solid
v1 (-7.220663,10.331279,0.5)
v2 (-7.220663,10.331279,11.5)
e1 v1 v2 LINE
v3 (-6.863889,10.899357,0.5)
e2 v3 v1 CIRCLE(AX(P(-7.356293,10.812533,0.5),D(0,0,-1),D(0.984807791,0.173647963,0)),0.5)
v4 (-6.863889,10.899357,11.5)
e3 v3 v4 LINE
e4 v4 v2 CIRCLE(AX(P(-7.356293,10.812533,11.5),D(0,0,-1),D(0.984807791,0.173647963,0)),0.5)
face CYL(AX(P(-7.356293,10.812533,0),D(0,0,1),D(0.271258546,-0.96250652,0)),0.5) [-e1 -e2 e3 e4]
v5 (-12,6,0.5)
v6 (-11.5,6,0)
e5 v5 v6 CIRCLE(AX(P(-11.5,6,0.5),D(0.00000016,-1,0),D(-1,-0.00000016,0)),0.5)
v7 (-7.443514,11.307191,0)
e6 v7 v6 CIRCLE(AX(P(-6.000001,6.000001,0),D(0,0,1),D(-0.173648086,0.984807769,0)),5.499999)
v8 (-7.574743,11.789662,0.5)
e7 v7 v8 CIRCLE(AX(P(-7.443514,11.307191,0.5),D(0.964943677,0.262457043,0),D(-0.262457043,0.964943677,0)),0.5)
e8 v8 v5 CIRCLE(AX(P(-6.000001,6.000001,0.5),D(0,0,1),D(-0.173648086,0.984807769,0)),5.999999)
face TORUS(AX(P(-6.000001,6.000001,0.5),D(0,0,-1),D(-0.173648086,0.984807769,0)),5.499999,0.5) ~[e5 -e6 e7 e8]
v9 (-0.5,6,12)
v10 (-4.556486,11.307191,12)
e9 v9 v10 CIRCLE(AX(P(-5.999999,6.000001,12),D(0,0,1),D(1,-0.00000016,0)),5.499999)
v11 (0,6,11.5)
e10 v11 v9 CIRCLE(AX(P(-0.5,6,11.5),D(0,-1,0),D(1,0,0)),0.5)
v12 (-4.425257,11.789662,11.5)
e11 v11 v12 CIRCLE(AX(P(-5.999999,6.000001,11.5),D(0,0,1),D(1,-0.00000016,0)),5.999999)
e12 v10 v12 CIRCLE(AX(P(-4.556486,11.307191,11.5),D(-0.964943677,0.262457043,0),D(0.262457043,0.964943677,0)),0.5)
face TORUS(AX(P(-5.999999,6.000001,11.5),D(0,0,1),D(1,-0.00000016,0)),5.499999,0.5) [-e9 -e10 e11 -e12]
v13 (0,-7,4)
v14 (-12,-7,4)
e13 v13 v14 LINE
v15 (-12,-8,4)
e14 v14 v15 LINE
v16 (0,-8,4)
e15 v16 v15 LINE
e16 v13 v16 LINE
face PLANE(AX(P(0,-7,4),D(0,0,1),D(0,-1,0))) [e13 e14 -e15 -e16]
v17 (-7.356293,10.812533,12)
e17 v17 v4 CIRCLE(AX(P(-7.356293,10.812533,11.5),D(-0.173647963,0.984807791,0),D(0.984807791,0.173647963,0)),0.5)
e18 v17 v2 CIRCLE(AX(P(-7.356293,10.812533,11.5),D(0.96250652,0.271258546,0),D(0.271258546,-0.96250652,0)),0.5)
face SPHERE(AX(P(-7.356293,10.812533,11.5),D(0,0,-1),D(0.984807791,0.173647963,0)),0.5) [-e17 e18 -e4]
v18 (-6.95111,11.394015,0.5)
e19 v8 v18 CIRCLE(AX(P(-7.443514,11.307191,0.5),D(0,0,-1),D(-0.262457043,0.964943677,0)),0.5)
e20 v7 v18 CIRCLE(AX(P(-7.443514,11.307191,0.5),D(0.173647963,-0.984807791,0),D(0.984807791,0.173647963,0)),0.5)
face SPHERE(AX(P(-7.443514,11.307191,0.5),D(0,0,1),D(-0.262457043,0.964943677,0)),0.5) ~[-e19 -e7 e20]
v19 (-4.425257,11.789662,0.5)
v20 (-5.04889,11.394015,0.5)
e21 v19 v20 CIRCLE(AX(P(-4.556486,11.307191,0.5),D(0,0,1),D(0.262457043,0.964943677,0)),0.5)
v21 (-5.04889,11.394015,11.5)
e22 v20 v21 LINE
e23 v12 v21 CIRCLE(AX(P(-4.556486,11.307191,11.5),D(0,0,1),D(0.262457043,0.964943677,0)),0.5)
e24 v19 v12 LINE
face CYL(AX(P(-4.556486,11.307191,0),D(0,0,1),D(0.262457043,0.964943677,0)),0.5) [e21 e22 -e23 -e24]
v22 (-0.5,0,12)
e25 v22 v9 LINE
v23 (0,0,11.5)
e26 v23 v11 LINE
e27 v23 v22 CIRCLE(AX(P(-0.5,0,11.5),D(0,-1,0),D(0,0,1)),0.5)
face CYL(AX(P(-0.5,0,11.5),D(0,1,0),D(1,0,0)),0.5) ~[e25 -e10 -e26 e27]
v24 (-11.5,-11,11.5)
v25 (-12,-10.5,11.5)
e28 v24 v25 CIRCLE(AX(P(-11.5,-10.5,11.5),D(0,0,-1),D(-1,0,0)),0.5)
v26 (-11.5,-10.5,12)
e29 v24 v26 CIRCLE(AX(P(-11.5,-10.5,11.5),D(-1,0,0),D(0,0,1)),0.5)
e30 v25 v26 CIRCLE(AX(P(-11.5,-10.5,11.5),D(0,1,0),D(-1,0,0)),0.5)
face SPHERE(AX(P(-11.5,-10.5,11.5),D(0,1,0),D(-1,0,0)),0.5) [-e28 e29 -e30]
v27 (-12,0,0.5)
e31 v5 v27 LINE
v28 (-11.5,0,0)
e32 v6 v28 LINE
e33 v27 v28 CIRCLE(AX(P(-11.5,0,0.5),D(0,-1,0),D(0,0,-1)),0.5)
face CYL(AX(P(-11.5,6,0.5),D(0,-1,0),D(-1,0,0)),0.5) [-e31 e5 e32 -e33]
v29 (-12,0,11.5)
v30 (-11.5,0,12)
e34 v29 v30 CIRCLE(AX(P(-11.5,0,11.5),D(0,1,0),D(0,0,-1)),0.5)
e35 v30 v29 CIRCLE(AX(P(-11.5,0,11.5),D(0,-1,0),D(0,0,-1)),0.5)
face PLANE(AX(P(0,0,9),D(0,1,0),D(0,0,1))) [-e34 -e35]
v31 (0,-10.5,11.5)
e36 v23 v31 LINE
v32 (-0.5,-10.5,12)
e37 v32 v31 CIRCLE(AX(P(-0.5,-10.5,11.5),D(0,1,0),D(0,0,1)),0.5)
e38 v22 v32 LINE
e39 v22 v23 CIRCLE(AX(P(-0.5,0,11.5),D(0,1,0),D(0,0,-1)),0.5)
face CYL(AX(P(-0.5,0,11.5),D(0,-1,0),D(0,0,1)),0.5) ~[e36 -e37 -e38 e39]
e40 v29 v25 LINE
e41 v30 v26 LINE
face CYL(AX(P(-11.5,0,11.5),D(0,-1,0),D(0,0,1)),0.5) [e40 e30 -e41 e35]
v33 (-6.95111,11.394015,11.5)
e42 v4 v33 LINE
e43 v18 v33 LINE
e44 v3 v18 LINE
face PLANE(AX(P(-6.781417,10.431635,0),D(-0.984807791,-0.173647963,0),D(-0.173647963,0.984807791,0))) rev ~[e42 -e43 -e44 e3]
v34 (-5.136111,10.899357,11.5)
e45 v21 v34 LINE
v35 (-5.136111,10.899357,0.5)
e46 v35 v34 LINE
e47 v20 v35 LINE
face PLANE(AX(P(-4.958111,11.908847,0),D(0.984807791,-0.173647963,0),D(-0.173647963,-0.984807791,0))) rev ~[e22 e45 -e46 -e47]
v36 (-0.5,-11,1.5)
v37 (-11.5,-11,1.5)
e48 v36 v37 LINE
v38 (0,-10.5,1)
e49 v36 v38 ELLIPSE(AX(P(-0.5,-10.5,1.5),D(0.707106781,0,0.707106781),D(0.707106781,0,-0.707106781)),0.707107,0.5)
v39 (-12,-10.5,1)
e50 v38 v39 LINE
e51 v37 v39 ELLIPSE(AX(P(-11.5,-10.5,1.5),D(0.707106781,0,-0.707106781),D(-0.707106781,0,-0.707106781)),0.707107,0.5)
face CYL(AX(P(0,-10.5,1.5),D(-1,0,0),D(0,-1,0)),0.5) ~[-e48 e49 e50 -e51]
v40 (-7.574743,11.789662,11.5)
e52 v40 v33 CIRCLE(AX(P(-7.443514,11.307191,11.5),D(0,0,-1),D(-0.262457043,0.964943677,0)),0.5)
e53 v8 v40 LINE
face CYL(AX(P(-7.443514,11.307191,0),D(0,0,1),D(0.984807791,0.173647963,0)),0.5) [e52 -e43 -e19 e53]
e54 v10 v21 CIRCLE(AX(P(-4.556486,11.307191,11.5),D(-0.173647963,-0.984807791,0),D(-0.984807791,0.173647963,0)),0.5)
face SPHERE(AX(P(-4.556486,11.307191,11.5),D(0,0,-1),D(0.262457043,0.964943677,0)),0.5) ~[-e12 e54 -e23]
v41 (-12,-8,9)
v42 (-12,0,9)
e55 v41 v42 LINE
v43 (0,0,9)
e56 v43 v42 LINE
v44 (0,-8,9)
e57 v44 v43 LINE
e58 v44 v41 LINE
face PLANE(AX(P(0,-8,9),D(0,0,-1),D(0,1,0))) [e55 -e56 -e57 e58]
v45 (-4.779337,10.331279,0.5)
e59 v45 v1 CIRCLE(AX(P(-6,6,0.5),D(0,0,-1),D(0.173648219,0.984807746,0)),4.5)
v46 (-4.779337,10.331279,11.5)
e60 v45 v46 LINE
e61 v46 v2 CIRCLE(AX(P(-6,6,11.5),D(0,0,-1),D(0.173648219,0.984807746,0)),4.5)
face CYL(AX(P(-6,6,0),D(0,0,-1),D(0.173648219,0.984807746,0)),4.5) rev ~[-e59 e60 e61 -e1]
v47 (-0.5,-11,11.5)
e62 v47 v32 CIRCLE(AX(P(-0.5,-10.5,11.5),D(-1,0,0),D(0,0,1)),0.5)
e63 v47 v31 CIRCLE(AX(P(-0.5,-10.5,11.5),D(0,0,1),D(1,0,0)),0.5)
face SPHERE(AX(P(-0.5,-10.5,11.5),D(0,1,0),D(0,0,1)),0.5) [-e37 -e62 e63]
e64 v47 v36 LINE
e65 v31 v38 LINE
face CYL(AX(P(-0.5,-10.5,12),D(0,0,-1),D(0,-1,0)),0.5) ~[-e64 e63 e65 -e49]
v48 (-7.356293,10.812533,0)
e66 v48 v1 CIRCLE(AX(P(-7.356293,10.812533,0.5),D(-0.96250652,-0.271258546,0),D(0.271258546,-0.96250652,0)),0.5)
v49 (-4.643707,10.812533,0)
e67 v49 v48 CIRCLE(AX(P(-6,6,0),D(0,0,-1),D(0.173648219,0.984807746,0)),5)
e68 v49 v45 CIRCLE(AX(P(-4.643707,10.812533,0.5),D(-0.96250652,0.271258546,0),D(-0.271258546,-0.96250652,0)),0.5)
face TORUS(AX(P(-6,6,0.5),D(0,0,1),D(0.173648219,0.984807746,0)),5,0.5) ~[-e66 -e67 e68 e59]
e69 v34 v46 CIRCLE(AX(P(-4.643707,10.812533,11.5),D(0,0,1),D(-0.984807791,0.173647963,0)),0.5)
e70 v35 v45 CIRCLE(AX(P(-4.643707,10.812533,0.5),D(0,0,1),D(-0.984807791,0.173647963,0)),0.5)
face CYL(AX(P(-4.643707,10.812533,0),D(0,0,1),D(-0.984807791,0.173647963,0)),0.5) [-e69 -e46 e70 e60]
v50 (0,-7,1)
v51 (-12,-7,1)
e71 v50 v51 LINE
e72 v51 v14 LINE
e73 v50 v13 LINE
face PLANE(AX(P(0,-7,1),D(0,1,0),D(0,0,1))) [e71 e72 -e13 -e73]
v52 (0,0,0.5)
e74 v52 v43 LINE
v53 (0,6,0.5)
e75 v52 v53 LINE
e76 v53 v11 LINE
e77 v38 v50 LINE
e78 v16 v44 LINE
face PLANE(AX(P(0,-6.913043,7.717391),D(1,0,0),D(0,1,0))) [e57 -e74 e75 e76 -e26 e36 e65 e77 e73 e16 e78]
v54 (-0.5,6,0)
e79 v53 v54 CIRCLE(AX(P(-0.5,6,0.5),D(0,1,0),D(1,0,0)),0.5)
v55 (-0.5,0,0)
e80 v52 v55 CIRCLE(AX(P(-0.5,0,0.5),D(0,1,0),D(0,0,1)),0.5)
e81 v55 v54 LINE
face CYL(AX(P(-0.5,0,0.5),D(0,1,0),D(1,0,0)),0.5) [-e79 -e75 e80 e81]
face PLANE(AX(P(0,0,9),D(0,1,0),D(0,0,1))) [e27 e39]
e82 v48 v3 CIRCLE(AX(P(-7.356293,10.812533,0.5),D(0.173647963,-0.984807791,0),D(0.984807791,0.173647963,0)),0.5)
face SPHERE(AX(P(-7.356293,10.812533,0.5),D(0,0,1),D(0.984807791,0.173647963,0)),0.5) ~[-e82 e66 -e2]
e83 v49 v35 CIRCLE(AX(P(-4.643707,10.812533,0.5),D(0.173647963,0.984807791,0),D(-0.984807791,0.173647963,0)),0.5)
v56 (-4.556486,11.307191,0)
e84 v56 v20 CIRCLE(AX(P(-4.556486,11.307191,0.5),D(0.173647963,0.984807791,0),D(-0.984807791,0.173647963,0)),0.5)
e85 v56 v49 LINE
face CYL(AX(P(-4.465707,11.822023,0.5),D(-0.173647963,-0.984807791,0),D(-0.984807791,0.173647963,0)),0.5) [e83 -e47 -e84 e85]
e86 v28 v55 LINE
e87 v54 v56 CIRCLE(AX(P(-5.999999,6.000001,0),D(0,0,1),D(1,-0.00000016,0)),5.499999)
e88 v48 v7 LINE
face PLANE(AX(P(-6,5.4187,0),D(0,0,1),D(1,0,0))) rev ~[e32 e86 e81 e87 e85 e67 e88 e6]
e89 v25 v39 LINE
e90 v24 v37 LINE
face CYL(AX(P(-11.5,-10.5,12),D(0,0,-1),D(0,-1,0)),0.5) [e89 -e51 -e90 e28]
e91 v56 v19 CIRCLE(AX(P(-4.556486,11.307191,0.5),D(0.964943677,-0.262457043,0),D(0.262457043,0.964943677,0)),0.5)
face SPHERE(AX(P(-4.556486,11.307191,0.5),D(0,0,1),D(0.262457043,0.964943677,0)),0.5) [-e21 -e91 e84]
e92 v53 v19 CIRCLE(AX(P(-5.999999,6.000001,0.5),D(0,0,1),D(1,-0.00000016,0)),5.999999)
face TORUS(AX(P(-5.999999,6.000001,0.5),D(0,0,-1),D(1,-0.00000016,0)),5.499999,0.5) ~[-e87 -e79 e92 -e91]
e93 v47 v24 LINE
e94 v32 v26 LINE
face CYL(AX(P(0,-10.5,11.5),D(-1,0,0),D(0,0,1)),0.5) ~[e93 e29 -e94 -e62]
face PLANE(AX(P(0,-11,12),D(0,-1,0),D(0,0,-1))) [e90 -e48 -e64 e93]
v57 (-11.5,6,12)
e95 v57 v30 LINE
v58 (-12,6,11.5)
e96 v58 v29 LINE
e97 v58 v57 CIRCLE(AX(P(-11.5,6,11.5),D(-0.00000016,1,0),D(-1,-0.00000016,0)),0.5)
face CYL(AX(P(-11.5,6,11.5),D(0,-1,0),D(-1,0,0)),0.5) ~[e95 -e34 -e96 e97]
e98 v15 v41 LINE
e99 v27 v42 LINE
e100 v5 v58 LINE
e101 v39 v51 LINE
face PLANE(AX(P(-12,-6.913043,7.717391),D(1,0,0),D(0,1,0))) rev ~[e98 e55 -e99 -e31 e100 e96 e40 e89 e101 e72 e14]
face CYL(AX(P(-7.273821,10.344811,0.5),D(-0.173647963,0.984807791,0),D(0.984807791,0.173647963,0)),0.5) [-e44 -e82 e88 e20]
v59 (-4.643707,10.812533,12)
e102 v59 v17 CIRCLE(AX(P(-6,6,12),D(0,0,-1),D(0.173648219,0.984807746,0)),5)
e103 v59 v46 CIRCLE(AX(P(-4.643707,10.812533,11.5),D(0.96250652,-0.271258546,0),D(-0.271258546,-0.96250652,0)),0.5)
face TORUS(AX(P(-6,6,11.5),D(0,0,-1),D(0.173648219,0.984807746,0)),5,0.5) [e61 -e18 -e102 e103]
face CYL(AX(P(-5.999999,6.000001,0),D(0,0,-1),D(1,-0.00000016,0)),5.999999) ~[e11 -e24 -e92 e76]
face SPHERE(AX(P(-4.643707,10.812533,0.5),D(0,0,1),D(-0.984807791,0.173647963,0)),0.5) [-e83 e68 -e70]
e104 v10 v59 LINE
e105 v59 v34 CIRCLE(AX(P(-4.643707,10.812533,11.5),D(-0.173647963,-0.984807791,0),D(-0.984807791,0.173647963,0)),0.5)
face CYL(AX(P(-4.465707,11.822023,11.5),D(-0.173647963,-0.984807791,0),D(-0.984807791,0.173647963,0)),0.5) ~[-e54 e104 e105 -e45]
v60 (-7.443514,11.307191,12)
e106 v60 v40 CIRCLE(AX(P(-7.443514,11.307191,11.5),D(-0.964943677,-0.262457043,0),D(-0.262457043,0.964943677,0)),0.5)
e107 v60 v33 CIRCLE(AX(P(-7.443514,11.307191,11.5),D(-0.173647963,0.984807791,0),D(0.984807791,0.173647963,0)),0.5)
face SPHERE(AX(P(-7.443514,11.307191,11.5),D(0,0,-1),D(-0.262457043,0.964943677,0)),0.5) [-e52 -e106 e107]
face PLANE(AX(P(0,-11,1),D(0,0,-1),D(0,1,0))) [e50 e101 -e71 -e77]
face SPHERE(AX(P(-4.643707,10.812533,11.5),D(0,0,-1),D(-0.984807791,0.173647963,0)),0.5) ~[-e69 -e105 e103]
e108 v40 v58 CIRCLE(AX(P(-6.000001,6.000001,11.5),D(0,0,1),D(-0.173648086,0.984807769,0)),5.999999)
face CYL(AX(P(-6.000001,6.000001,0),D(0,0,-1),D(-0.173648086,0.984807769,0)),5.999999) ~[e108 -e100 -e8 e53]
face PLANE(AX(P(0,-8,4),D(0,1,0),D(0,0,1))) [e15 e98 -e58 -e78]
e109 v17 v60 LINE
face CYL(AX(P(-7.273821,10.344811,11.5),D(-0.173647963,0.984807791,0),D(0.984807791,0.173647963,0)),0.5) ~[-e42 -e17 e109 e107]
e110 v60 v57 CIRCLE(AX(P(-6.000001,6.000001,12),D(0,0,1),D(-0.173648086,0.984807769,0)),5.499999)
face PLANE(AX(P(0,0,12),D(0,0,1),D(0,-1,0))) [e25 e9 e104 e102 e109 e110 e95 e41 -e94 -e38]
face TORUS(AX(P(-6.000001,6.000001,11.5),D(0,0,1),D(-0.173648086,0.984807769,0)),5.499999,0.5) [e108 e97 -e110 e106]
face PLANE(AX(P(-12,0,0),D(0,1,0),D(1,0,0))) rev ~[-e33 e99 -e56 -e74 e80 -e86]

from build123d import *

# Parameters (mm, degrees)
F1_DEPTH = 12
F2_R     = 0.5
F4_DEPTH = 12
F5_R     = 0.5


with BuildPart() as f1:
    # F0 (on Top) → F1 (new body)
    with BuildSketch(Plane.XY):
        with BuildLine():
            Line((-12, 0), (0, 0))
            Line((0, 0), (0, 6))
            ThreePointArc((0, 6), (-1.403733, 9.856726), (-4.958111, 11.908847))
            Line((-4.958111, 11.908847), (-5.218583, 10.431635))
            ThreePointArc((-5.218583, 10.431635), (-6, 1.5), (-6.781417, 10.431635))
            Line((-6.781417, 10.431635), (-7.041889, 11.908847))
            ThreePointArc((-7.041889, 11.908847), (-10.596267, 9.856726), (-12, 6))
            Line((-12, 6), (-12, 0))
        make_face()
    extrude(amount=F1_DEPTH)

    # F2
    f2_edges = [f1.edges().sort_by_distance(p)[0] for p in [
        (-6.781417, 10.431635, 6),
        (-7.041889, 11.908847, 6),
        (-5.218583, 10.431635, 6),
        (-4.958111, 11.908847, 6),
        (-10.596267, 9.856726, 0),
        (-10.596267, 9.856726, 12),
        (-12, 3, 0),
        (-12, 3, 12),
        (-1.403733, 9.856726, 0),
        (0, 3, 0),
        (-1.403733, 9.856726, 12),
        (0, 3, 12),
        (-6.911653, 11.170241, 0),
        (-5.088347, 11.170241, 0),
        (-6.911653, 11.170241, 12),
        (-5.088347, 11.170241, 12),
        (-6, 1.5, 12),
        (-6, 1.5, 0),
    ]]
    fillet(f2_edges, radius=F2_R)

    # F3 (on face) → F4 (join)
    with BuildSketch(Plane.YZ):
        Polygon((0, 11.5), (0, 12), (-11, 12), (-11, 1), (-7, 1), (-7, 4), (-8, 4), (-8, 9), (0, 9), align=None)
    extrude(amount=-F4_DEPTH)

    # F5
    f5_edges = [f1.edges().sort_by_distance(p)[0] for p in [
        (0, -5.5, 12),
        (-12, -5.5, 12),
        (-12, -11, 6.5),
        (-6, -11, 12),
        (0, -11, 6.5),
        (-6, -11, 1),
    ]]
    fillet(f5_edges, radius=F5_R)


solid = f1.part
